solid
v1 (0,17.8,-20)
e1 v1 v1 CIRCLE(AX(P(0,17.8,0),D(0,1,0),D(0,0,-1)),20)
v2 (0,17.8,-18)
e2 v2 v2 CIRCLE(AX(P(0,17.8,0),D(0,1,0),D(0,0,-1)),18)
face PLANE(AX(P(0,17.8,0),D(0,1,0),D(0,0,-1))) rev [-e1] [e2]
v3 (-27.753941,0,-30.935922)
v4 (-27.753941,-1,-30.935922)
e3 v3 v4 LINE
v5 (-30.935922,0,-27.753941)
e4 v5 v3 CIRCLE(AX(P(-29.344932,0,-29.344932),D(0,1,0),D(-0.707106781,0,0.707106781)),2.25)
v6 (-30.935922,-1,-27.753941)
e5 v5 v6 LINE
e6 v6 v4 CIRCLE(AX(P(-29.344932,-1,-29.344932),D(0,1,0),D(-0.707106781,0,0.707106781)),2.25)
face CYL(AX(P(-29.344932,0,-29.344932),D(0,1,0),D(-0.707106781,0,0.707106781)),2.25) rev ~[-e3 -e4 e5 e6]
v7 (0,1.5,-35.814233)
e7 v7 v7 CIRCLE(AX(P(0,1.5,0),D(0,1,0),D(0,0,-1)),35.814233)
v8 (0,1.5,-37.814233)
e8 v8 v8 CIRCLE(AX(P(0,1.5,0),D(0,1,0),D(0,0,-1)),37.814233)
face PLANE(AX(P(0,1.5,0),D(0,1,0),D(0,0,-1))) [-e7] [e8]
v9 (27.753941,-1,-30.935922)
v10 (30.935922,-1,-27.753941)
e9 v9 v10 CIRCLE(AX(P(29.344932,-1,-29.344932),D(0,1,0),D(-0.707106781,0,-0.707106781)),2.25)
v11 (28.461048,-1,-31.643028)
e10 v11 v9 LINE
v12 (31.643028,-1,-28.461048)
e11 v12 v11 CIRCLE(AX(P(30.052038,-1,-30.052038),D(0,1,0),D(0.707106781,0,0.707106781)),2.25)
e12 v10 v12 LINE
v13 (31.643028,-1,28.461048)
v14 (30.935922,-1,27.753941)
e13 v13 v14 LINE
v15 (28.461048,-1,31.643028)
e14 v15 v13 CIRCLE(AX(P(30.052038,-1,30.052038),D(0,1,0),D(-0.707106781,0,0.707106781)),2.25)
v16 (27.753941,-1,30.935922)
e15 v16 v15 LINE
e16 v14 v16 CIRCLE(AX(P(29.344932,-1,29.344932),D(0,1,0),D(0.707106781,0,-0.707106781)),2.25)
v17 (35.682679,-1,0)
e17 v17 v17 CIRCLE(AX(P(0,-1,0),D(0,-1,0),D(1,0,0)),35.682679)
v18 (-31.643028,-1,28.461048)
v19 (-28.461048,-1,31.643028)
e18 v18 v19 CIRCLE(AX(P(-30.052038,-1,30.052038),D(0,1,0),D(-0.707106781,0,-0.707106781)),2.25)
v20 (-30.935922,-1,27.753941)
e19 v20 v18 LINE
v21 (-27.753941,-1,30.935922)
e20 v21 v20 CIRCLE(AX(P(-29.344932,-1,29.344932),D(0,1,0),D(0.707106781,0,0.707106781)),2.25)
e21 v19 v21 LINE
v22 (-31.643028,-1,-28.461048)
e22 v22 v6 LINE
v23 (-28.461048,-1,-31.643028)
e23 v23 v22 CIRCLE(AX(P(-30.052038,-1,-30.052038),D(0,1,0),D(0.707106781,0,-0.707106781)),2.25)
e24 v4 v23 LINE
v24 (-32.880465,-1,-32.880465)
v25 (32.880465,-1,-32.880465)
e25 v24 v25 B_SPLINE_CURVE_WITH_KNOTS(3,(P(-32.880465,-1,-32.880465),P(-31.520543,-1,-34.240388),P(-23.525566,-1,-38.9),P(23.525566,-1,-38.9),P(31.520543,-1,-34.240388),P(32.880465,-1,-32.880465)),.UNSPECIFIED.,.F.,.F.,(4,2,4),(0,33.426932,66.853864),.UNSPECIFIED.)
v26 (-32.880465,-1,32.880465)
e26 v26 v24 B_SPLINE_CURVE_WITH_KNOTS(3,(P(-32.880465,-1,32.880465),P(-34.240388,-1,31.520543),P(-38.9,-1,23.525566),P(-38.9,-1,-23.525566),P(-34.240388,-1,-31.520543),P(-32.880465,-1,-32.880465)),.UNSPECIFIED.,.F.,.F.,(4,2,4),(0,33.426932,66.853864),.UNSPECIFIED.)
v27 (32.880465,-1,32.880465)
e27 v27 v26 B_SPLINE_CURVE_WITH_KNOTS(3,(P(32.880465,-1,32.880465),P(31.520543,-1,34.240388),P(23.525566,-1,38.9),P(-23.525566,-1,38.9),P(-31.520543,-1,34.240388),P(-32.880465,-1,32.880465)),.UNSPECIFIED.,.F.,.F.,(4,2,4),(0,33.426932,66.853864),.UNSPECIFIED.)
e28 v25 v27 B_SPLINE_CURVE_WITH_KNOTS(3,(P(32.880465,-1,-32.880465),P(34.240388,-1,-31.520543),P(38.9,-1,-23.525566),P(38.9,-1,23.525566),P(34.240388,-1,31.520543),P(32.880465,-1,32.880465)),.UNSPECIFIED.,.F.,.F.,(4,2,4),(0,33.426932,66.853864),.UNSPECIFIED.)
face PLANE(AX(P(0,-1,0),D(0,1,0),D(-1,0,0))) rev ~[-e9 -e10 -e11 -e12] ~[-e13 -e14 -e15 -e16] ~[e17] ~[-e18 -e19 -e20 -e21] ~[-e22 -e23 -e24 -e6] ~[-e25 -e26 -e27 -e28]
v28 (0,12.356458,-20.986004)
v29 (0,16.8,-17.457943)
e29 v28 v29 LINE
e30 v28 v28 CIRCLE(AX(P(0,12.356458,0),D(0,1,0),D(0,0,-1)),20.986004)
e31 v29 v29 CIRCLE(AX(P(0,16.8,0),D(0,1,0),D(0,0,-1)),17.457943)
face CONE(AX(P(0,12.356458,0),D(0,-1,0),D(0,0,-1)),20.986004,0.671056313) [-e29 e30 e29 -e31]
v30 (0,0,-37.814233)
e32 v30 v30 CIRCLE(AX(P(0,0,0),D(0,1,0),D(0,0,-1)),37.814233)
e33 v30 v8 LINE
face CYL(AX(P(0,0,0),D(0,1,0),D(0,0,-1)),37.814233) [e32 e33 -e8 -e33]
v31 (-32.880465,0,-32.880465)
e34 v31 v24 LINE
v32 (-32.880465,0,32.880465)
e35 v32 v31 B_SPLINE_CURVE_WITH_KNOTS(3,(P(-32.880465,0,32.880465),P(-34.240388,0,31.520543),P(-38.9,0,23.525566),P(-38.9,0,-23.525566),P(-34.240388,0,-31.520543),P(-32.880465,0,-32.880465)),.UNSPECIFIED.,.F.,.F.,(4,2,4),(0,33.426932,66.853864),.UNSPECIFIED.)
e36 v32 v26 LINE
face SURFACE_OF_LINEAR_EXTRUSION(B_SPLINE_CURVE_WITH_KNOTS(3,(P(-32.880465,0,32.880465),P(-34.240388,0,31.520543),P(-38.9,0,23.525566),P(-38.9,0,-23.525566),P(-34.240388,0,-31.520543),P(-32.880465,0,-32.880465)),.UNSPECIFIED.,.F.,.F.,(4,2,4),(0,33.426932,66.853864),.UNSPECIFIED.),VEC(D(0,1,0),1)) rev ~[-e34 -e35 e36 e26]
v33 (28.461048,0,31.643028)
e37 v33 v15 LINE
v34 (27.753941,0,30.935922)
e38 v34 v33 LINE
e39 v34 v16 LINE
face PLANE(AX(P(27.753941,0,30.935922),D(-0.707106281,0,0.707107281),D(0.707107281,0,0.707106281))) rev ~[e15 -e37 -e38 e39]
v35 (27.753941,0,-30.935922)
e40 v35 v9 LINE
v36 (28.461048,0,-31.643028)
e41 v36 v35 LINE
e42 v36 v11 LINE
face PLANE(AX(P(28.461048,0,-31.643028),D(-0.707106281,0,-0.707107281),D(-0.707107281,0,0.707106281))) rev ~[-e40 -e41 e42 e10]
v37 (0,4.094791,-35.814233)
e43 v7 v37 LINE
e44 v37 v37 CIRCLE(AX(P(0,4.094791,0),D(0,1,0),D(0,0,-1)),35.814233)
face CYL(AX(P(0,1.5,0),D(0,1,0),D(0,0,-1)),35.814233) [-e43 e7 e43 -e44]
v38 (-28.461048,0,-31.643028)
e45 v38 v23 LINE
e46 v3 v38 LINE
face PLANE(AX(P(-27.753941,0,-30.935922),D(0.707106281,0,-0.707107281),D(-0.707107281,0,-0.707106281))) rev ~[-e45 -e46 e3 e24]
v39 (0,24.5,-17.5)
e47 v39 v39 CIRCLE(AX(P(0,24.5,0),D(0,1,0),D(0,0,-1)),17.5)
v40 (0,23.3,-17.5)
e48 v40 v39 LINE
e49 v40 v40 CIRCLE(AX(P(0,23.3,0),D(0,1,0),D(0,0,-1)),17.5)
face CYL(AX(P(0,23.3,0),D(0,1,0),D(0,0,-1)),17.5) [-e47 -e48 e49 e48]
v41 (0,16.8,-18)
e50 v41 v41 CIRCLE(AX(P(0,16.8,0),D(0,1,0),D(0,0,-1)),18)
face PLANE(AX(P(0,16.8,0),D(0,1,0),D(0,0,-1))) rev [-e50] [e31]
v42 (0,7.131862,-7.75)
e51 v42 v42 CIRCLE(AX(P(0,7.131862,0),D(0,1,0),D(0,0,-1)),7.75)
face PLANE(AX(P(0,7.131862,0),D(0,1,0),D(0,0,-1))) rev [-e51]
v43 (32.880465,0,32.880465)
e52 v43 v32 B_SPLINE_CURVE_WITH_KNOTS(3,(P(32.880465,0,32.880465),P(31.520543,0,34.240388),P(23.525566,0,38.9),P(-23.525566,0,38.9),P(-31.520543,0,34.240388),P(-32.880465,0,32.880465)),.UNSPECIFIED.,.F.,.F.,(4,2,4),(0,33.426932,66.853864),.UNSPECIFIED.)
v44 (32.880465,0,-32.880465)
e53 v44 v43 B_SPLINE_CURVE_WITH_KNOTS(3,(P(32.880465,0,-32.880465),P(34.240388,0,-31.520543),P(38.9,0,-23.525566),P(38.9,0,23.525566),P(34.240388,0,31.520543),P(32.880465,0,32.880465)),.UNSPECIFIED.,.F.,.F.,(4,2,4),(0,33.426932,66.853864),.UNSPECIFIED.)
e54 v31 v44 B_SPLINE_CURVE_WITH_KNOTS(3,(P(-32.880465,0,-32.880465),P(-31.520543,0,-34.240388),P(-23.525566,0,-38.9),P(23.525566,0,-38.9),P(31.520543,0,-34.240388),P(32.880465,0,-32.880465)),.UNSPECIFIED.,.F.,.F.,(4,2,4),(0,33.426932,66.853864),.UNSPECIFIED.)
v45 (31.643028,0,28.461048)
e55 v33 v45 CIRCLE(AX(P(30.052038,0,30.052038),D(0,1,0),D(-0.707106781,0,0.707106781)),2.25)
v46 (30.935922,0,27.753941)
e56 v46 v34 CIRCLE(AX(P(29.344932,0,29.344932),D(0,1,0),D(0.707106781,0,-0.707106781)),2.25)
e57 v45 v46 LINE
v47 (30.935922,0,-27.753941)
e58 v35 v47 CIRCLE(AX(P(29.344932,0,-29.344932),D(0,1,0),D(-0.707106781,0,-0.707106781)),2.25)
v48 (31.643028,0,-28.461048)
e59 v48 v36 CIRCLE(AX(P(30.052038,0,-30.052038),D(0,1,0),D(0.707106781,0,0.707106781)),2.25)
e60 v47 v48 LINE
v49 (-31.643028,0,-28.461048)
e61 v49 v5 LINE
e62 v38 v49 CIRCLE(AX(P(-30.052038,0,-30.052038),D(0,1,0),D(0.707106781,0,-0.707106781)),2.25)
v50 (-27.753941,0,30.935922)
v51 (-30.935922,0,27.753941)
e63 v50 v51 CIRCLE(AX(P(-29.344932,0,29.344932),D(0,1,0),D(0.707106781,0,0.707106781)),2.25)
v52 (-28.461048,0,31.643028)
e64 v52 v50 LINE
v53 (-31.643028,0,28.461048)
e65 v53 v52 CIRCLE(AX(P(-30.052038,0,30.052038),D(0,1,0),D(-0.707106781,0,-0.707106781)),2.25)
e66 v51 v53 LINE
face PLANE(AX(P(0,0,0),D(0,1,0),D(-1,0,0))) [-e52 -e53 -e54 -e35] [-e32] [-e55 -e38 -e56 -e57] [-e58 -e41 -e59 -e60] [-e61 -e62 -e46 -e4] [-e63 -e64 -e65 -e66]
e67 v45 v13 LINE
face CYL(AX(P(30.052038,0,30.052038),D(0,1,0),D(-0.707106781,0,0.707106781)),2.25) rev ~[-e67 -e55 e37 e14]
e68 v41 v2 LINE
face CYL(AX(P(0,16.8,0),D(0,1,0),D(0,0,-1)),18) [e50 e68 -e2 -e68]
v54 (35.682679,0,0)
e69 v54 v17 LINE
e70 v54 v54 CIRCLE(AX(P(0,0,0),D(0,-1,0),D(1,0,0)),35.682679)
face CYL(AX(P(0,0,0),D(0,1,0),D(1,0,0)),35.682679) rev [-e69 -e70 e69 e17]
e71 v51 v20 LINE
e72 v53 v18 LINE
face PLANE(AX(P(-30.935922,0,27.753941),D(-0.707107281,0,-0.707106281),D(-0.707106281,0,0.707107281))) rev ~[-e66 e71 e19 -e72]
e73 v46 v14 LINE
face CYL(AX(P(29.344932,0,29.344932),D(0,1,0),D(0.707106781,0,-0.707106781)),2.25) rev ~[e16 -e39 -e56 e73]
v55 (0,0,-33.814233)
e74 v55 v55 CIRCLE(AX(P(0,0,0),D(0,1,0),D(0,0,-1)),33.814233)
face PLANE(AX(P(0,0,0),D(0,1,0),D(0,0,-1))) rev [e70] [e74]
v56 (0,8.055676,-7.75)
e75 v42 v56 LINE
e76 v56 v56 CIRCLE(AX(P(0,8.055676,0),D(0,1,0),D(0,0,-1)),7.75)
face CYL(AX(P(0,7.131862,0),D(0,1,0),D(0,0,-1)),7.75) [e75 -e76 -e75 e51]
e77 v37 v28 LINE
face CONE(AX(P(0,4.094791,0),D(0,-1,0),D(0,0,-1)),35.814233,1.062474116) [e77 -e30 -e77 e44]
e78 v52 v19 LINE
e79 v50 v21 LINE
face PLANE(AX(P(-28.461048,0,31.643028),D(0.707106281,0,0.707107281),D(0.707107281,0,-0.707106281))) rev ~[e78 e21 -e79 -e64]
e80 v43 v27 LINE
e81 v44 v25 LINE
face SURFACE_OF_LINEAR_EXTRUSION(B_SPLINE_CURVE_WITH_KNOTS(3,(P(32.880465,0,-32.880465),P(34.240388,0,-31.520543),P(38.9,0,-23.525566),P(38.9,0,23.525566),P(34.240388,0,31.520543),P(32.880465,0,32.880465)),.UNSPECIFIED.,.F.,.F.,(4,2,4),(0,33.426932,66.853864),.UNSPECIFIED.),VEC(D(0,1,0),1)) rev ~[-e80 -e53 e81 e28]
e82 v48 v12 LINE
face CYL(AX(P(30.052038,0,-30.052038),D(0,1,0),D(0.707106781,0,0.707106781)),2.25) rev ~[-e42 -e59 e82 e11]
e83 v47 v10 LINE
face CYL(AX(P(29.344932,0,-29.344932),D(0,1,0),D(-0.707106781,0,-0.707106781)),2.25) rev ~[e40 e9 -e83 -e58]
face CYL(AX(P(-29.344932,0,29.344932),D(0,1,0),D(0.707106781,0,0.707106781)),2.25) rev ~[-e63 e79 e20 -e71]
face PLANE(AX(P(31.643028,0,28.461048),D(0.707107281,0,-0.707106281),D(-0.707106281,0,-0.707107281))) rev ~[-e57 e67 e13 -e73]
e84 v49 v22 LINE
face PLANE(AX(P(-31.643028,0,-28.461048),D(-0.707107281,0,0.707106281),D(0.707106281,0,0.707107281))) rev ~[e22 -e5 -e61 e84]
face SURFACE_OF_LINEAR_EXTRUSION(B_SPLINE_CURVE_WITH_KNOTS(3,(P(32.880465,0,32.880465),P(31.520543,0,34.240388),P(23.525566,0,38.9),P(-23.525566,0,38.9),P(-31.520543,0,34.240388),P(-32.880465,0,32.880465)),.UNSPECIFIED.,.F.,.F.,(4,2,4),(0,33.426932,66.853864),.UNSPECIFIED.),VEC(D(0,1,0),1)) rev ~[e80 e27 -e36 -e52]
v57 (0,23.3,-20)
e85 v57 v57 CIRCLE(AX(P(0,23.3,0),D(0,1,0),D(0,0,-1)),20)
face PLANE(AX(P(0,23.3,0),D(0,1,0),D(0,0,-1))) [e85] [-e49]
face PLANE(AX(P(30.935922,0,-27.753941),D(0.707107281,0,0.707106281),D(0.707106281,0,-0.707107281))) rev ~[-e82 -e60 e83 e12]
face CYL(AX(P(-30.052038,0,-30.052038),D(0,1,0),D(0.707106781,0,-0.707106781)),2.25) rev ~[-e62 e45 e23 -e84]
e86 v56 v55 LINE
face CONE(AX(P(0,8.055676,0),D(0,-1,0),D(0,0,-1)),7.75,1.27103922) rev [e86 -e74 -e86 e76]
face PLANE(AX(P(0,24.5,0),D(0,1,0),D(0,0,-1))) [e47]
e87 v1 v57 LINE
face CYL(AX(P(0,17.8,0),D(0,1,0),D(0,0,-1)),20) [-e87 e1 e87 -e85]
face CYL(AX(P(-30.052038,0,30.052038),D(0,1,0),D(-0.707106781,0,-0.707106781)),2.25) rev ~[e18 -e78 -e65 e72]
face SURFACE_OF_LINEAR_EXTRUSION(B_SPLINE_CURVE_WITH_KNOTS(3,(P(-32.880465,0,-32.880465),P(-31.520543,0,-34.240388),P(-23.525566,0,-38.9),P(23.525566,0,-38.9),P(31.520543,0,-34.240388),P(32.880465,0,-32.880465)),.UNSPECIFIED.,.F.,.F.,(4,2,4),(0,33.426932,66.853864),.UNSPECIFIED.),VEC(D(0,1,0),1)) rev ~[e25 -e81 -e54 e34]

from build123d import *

# Parameters (mm, degrees)
F1_R     = 35.682679
F2_DEPTH = 1


with BuildPart() as f2:
    # F1 (on Front) → F2 (new body)
    with BuildSketch(Plane.XZ):
        with BuildLine():
            add(Edge.make_bspline(
                [(32.880465, 32.880465), (34.240388, 31.520543), (38.9, 23.525566), (38.9, 0)],
                knots=[0, 0, 0, 0, 33.426932, 33.426932, 33.426932, 33.426932], degree=3))
            add(Edge.make_bspline(
                [(32.880465, 32.880465), (31.520543, 34.240388), (23.525566, 38.9), (0, 38.9)],
                knots=[0, 0, 0, 0, 33.426932, 33.426932, 33.426932, 33.426932], degree=3))
            add(Edge.make_bspline(
                [(-32.880465, 32.880465), (-31.520543, 34.240388), (-23.525566, 38.9), (0, 38.9)],
                knots=[0, 0, 0, 0, 33.426932, 33.426932, 33.426932, 33.426932], degree=3))
            add(Edge.make_bspline(
                [(-32.880465, 32.880465), (-34.240388, 31.520543), (-38.9, 23.525566), (-38.9, 0)],
                knots=[0, 0, 0, 0, 33.426932, 33.426932, 33.426932, 33.426932], degree=3))
            add(Edge.make_bspline(
                [(-32.880465, -32.880465), (-34.240388, -31.520543), (-38.9, -23.525566), (-38.9, 0)],
                knots=[0, 0, 0, 0, 33.426932, 33.426932, 33.426932, 33.426932], degree=3))
            add(Edge.make_bspline(
                [(-32.880465, -32.880465), (-31.520543, -34.240388), (-23.525566, -38.9), (0, -38.9)],
                knots=[0, 0, 0, 0, 33.426932, 33.426932, 33.426932, 33.426932], degree=3))
            add(Edge.make_bspline(
                [(32.880465, -32.880465), (31.520543, -34.240388), (23.525566, -38.9), (0, -38.9)],
                knots=[0, 0, 0, 0, 33.426932, 33.426932, 33.426932, 33.426932], degree=3))
            add(Edge.make_bspline(
                [(32.880465, -32.880465), (34.240388, -31.520543), (38.9, -23.525566), (38.9, 0)],
                knots=[0, 0, 0, 0, 33.426932, 33.426932, 33.426932, 33.426932], degree=3))
        make_face()
        with BuildLine():
            ThreePointArc((-28.461048, -31.643028), (-31.643028, -31.643028), (-31.643028, -28.461048))
            Line((-31.643028, -28.461048), (-30.935922, -27.753941))
            ThreePointArc((-30.935922, -27.753941), (-27.753941, -27.753941), (-27.753941, -30.935922))
            Line((-27.753941, -30.935922), (-28.461048, -31.643028))
        make_face(mode=Mode.SUBTRACT)
        with BuildLine():
            ThreePointArc((27.753941, -30.935922), (27.753941, -27.753941), (30.935922, -27.753941))
            Line((30.935922, -27.753941), (31.643028, -28.461048))
            ThreePointArc((31.643028, -28.461048), (31.643028, -31.643028), (28.461048, -31.643028))
            Line((28.461048, -31.643028), (27.753941, -30.935922))
        make_face(mode=Mode.SUBTRACT)
        with BuildLine():
            ThreePointArc((-31.643028, 28.461048), (-31.643028, 31.643028), (-28.461048, 31.643028))
            Line((-28.461048, 31.643028), (-27.753941, 30.935922))
            ThreePointArc((-27.753941, 30.935922), (-27.753941, 27.753941), (-30.935922, 27.753941))
            Line((-30.935922, 27.753941), (-31.643028, 28.461048))
        make_face(mode=Mode.SUBTRACT)
        Circle(F1_R, mode=Mode.SUBTRACT)
        with BuildLine():
            Line((27.753941, 30.935922), (28.461048, 31.643028))
            ThreePointArc((28.461048, 31.643028), (31.643028, 31.643028), (31.643028, 28.461048))
            Line((31.643028, 28.461048), (30.935922, 27.753941))
            ThreePointArc((30.935922, 27.753941), (27.753941, 27.753941), (27.753941, 30.935922))
        make_face(mode=Mode.SUBTRACT)
    extrude(amount=F2_DEPTH)

    # F3 (on Right) → F4 (revolve)
    with BuildSketch(Plane.YZ):
        Polygon((1.5, -35.814233), (4.094791, -35.814233), (12.356458, -20.986004), (16.8, -17.457943), (16.8, -18), (17.8, -18), (17.8, -20), (23.3, -20), (23.3, -17.5), (24.5, -17.5), (24.5, 0), (7.131862, 0), (7.131862, -7.75), (8.055676, -7.75), (0, -33.814233), (0, -37.814233), (1.5, -37.814233), align=None)
    revolve(axis=Axis((0, 18.051954, 0), (0, 1, 0)))


solid = f2.part
